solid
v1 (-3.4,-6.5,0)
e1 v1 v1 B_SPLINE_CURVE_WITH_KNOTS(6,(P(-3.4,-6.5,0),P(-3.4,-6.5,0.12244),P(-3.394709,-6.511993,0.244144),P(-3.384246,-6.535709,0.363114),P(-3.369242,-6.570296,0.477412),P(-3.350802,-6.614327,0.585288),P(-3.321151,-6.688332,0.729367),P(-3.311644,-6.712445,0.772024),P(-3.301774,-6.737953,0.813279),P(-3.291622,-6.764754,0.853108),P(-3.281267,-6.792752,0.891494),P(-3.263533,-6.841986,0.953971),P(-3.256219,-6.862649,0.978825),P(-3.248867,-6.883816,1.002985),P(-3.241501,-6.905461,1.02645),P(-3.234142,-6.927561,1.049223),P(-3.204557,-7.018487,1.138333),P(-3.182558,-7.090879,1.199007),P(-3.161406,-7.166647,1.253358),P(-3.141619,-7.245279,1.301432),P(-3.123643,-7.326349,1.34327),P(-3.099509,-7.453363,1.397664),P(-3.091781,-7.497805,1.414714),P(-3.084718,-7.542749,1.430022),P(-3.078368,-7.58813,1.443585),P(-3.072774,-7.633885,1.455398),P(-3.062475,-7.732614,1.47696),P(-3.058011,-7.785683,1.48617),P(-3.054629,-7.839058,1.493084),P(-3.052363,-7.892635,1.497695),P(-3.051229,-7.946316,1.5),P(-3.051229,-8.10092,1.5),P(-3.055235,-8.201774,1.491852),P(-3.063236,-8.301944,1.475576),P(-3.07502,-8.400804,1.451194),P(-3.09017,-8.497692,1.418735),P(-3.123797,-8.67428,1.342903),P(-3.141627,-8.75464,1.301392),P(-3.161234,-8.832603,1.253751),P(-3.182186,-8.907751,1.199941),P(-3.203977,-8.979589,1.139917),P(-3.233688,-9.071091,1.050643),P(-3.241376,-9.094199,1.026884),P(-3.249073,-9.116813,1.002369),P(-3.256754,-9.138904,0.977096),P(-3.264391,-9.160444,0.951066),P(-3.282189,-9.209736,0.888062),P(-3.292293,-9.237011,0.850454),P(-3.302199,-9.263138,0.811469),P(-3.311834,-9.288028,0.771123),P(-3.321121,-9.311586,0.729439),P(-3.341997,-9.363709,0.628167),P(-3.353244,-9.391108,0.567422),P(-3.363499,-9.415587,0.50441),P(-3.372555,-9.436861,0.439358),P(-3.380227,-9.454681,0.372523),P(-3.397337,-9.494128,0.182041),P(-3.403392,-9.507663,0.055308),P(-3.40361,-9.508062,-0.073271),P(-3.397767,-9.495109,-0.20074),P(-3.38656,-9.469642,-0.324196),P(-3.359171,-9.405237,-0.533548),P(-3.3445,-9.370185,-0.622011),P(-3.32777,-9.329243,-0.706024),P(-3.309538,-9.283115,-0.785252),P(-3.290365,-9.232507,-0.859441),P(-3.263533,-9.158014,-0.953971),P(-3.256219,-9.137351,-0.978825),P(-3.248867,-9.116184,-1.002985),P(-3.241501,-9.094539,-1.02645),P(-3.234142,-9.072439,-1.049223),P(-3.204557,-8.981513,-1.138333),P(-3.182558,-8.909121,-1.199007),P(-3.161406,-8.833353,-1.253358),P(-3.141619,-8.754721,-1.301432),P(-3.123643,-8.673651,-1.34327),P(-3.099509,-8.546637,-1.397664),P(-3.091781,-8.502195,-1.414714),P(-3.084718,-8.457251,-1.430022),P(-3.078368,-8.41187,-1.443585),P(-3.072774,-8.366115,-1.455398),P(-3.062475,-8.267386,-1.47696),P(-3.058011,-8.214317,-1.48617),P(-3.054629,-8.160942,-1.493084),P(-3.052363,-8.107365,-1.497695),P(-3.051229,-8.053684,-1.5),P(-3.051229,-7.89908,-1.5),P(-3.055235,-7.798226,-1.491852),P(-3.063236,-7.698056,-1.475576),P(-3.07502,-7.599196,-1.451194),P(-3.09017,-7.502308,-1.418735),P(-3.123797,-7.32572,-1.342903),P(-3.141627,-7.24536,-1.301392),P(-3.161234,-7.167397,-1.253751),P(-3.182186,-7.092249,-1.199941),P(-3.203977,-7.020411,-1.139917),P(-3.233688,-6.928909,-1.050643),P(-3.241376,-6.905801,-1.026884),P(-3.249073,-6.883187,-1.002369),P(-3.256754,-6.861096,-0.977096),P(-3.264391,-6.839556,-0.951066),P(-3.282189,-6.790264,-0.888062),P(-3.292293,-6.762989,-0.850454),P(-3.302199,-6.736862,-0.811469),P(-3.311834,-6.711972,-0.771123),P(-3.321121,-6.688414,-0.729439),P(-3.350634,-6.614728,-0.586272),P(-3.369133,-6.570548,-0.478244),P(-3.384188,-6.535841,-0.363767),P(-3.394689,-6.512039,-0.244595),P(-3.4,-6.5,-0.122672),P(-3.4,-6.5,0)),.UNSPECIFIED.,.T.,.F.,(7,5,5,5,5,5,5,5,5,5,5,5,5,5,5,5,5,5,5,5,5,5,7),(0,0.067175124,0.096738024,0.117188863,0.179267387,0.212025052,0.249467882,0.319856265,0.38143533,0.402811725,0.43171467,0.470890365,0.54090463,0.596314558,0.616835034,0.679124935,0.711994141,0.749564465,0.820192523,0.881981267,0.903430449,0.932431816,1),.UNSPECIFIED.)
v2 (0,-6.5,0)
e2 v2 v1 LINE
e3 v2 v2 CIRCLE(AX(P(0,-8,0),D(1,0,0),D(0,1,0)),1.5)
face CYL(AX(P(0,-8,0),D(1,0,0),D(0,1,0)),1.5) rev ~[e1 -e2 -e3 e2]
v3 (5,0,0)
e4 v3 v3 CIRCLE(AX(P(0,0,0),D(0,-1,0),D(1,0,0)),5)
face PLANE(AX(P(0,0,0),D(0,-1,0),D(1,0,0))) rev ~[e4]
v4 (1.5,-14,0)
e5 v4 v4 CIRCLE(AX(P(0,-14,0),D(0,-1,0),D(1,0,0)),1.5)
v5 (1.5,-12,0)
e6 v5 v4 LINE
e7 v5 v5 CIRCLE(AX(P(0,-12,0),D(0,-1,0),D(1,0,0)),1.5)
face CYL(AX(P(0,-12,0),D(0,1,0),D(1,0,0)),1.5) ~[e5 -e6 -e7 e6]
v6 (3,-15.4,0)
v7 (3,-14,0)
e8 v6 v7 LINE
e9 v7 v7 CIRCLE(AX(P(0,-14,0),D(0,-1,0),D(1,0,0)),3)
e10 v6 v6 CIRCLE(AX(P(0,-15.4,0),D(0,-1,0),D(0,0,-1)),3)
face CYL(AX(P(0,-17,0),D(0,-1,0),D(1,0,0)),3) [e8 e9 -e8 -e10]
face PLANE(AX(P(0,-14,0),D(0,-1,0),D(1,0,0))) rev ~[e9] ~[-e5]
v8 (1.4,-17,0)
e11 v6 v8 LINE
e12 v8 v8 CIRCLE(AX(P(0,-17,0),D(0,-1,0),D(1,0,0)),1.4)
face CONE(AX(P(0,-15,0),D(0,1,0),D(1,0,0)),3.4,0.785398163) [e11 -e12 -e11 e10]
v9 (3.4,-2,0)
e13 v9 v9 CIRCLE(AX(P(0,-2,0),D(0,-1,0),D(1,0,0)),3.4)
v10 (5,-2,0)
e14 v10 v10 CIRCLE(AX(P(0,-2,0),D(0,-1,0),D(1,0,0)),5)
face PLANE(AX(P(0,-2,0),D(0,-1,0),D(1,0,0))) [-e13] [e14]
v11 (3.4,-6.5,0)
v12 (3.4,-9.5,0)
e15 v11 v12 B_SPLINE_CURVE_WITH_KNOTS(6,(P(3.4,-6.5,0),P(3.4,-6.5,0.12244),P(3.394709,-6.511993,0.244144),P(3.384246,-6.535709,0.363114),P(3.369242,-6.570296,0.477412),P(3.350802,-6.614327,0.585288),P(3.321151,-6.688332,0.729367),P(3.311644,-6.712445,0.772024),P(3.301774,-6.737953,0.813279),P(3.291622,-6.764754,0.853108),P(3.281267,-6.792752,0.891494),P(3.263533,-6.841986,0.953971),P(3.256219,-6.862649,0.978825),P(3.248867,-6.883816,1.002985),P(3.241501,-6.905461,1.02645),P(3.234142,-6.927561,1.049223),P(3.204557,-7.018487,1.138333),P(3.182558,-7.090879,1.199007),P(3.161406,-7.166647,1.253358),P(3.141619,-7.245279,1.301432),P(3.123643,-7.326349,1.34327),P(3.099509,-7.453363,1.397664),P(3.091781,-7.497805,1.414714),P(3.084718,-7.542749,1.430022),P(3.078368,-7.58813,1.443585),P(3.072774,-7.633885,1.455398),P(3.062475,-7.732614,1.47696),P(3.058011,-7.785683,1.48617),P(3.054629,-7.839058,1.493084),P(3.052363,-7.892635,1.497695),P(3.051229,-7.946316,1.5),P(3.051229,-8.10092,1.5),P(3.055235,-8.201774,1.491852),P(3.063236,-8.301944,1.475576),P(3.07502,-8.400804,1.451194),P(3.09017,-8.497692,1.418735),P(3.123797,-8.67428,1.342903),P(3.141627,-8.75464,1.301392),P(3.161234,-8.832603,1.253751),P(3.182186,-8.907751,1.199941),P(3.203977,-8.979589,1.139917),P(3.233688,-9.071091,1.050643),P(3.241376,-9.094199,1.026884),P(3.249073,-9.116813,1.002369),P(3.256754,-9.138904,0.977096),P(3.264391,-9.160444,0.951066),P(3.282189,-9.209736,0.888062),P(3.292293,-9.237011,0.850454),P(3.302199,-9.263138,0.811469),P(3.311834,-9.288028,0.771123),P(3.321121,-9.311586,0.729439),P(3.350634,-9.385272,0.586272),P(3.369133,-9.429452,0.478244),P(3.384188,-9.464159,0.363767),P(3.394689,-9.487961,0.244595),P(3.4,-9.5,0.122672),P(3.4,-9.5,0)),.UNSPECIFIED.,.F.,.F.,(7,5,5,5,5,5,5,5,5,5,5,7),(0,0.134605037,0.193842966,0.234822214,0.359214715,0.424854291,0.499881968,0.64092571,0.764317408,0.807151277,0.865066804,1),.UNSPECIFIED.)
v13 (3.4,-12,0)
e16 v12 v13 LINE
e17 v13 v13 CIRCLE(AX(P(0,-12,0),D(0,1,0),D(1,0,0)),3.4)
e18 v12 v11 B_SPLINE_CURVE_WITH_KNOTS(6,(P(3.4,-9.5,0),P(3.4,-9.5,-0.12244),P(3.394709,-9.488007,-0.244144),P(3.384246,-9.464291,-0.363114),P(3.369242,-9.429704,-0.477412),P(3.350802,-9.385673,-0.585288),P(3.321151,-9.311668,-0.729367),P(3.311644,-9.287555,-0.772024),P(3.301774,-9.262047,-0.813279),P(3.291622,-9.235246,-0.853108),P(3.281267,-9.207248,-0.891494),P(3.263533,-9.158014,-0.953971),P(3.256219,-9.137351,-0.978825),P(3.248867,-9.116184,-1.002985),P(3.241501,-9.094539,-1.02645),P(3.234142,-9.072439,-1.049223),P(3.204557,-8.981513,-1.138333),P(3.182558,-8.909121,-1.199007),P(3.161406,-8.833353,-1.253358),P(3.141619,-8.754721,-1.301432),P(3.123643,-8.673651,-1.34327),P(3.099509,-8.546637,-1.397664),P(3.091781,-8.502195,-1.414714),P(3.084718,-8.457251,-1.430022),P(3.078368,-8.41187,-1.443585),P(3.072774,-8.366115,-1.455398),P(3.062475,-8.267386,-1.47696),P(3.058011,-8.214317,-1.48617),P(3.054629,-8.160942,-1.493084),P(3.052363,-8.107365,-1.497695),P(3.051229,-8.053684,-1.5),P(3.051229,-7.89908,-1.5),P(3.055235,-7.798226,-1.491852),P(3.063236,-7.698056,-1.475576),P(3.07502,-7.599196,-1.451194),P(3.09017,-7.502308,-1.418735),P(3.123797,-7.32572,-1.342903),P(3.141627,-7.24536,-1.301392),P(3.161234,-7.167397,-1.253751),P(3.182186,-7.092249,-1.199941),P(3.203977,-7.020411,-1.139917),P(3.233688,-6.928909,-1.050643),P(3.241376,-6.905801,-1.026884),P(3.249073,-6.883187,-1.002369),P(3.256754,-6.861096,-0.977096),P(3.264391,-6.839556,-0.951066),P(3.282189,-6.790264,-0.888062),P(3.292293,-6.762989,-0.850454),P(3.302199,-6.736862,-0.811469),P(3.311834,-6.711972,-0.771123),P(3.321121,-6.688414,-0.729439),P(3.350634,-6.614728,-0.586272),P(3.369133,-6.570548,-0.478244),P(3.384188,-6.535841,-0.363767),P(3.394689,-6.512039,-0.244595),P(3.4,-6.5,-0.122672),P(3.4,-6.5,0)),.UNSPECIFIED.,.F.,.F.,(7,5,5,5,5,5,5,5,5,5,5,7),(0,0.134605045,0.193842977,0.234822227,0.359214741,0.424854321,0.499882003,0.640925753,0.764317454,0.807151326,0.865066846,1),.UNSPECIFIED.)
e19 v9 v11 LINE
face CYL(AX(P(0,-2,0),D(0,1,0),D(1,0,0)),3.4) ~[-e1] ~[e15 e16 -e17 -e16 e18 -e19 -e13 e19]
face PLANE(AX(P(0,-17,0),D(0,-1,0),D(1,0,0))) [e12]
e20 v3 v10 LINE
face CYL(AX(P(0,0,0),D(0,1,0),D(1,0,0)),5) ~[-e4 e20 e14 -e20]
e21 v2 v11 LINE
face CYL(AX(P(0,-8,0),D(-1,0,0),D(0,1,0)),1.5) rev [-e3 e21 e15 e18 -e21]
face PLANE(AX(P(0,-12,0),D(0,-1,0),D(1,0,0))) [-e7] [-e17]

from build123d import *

# Parameters (mm, degrees)
F0_R          = 5
F1_DEPTH      = 2
F2_R          = 3.4
F3_DEPTH      = 15
F5_R          = 3.75
F5_R_2        = 1.5
F6_DEPTH      = 2
F7_R          = 1.5
F8_DEPTH      = 25
F8_DEPTH_BACK = 25
F9_SIZE       = 2
F10_R         = 3.5
F10_R_2       = 3
F11_DEPTH     = 5


with BuildPart() as f1:
    # F0 (on Front) → F1 (new body)
    with BuildSketch(Plane.XZ):
        Circle(F0_R)
    extrude(amount=F1_DEPTH)

    # F2 (on face) → F3 (join)
    with BuildSketch(Plane.XZ.offset(2)):
        Circle(F2_R)
    extrude(amount=F3_DEPTH)

    # F5 (on offset) → F6 (cut)
    with BuildSketch(Plane.XZ.offset(12)):
        Circle(F5_R)
        Circle(F5_R_2, mode=Mode.SUBTRACT)
    extrude(amount=F6_DEPTH, mode=Mode.SUBTRACT)

    # F7 (on Right) → F8 (cut, two sides)
    with BuildSketch(Plane.YZ) as f8_sk:
        with Locations((-8, 0)):
            Circle(F7_R)
    extrude(amount=F8_DEPTH, mode=Mode.SUBTRACT)
    extrude(f8_sk.sketch, amount=-F8_DEPTH_BACK, mode=Mode.SUBTRACT)

    # F9
    f9_edges = [f1.edges().sort_by_distance(p)[0] for p in [
        (-3.4, -17, 0),
    ]]
    chamfer(f9_edges, length=F9_SIZE)

    # F10 (on face) → F11 (cut)
    with BuildSketch(Plane.XZ.offset(17)):
        Circle(F10_R)
        Circle(F10_R_2, mode=Mode.SUBTRACT)
    extrude(amount=-F11_DEPTH, mode=Mode.SUBTRACT)


solid = f1.part
